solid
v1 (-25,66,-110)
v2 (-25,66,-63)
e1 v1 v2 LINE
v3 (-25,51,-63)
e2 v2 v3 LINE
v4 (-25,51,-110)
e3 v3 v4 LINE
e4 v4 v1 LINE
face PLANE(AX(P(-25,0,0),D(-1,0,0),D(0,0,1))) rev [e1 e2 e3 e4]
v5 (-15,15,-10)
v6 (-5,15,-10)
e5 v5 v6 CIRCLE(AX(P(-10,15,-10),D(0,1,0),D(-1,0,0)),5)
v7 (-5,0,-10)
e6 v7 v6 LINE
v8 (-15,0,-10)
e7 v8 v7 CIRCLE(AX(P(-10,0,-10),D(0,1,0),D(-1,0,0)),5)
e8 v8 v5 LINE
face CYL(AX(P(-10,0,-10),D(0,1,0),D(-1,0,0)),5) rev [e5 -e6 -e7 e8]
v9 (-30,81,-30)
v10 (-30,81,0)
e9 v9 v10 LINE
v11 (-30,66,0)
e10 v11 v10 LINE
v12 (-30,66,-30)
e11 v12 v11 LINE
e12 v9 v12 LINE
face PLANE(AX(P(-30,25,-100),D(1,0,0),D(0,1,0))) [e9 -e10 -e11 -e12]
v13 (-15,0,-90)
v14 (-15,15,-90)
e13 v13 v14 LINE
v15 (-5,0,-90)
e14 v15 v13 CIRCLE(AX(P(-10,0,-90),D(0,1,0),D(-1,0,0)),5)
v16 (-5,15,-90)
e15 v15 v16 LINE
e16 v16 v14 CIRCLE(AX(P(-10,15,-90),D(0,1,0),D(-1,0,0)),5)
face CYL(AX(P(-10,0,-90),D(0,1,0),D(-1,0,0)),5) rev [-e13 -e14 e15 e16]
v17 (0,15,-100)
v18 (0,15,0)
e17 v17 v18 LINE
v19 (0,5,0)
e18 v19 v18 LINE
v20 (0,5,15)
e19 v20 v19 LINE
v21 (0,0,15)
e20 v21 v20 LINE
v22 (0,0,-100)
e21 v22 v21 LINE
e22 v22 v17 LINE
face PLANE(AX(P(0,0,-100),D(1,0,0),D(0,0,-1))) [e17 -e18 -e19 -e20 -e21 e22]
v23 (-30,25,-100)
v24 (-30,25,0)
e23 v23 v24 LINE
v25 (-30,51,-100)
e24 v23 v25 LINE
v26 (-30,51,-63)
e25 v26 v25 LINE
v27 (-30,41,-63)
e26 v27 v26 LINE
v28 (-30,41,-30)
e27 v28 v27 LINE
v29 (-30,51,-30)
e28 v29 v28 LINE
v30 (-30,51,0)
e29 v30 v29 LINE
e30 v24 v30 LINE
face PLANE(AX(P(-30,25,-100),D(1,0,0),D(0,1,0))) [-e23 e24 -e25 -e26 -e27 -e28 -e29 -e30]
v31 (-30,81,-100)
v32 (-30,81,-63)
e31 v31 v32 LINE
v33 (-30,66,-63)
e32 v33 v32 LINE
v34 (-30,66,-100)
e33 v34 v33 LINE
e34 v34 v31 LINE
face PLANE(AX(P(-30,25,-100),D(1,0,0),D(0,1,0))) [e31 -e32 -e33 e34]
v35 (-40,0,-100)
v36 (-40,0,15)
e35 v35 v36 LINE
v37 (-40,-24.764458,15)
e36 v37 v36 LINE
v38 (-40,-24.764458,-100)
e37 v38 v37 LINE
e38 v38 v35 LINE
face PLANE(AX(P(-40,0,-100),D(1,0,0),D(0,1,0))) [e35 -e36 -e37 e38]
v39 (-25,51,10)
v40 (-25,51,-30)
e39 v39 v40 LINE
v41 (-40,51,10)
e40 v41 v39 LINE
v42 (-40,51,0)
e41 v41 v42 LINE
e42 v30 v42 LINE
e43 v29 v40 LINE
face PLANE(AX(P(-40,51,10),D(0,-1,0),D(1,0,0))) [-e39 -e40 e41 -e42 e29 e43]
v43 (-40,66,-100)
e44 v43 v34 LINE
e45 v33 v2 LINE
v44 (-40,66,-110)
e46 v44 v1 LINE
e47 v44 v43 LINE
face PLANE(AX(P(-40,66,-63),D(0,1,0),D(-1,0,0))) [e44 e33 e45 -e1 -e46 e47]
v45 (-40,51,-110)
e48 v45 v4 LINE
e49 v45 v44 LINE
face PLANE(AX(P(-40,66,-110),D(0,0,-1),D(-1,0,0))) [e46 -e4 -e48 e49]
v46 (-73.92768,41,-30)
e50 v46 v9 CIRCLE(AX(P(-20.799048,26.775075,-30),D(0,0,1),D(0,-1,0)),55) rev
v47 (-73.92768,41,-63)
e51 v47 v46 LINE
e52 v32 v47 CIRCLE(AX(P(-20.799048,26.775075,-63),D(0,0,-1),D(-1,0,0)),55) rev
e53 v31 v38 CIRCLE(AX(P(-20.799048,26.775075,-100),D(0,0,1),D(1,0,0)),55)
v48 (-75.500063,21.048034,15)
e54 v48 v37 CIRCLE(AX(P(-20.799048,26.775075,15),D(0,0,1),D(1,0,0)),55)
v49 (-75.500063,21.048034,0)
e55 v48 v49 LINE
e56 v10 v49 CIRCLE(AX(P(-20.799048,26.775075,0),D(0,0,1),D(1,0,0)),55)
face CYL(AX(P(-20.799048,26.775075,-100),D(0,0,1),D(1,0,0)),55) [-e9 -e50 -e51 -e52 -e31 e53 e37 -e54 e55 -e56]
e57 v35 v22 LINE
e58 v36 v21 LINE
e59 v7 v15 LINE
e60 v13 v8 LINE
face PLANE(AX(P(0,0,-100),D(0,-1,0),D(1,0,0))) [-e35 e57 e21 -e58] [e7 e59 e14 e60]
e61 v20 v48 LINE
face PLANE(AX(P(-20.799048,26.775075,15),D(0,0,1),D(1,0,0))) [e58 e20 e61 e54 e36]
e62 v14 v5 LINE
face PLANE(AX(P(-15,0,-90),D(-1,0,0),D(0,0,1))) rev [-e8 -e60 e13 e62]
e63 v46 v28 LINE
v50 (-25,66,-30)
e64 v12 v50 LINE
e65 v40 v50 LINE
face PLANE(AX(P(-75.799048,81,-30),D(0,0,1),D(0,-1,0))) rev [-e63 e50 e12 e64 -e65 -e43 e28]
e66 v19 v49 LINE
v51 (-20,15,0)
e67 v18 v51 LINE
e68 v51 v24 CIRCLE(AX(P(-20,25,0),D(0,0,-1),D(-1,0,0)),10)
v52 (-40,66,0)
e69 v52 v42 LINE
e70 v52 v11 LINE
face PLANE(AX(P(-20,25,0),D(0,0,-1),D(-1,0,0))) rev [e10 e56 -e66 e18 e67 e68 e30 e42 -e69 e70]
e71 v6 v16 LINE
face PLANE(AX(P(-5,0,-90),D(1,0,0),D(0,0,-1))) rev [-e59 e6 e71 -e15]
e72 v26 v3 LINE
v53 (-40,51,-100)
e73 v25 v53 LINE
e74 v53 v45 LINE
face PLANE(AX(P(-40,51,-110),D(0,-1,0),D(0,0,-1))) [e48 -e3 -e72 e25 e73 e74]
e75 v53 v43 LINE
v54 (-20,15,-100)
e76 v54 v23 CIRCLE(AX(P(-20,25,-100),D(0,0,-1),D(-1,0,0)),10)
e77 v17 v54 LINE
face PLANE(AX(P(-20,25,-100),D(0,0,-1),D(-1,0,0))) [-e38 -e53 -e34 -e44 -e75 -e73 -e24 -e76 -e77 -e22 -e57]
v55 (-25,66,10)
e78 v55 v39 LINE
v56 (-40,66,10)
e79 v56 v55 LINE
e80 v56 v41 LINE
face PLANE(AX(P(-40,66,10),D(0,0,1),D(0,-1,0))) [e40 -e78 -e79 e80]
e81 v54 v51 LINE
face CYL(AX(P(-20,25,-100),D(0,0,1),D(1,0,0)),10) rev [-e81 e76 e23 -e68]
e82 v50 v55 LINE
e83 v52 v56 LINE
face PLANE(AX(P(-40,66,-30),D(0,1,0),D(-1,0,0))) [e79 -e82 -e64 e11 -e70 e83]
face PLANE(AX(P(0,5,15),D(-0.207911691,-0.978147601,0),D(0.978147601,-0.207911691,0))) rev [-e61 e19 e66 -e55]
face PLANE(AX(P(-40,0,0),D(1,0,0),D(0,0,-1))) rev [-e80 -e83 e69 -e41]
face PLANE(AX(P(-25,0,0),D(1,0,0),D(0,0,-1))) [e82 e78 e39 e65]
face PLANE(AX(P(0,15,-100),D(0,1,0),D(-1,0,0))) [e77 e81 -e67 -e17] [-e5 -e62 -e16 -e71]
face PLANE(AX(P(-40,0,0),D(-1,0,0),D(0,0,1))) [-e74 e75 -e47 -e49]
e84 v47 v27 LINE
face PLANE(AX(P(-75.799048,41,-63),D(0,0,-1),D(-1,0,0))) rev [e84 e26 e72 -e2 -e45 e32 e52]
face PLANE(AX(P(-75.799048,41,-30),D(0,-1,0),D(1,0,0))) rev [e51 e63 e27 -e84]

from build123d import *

# Parameters (mm, degrees)
BOSS_EXTRUDE1_DEPTH      = 100
BOSS_EXTRUDE2_START      = 15
BOSS_EXTRUDE2_DEPTH      = 15
CUT_EXTRUDE1_DEPTH       = 15
SKETCH4_W                = 33
SKETCH4_H                = 40
CUT_EXTRUDE2_DEPTH       = 137.596313355
BOSS_EXTRUDE3_DEPTH      = 5
BOSS_EXTRUDE3_DEPTH_BACK = 10
SKETCH5_W                = 47
SKETCH5_H                = 15
BOSS_EXTRUDE4_DEPTH      = 5
BOSS_EXTRUDE4_DEPTH_BACK = 10
SKETCH6_W                = 40
SKETCH6_H                = 15


with BuildPart() as part:
    # Sketch1 → Boss-Extrude1 (new body)
    with BuildSketch(Plane.XY):
        with BuildLine():
            Line((0, 0), (-40, 0))
            Line((-40, 0), (-40, -24.764457872))
            ThreePointArc((-40, -24.764457872), (-75.554844009, 31.952220257), (-30, 81))
            Line((-30, 81), (-30, 25))
            ThreePointArc((-30, 25), (-27.071067812, 17.928932188), (-20, 15))
            Line((-20, 15), (0, 15))
            Line((0, 15), (0, 0))
        make_face()
    extrude(amount=-BOSS_EXTRUDE1_DEPTH)

    # Sketch2 → Boss-Extrude2 (add)
    with BuildSketch(Plane.XY.offset(BOSS_EXTRUDE2_START)):
        with BuildLine():
            Line((0, 0), (0, 5))
            Line((0, 5), (-75.500062866, 21.048033769))
            ThreePointArc((-75.500062866, 21.048033769), (-64.273998003, -6.913628491), (-40, -24.764457872))
            Line((-40, -24.764457872), (-40, 0))
            Line((-40, 0), (0, 0))
        make_face()
    extrude(amount=-BOSS_EXTRUDE2_DEPTH)

    # Sketch3 → Cut-Extrude1 (cut)
    with BuildSketch(Plane(origin=(0, 15, 0), x_dir=(1, 0, 0), z_dir=(0, 1, 0))):
        with BuildLine():
            Line((-5, 90), (-5, 10))
            ThreePointArc((-5, 10), (-10, 5), (-15, 10))
            Line((-15, 10), (-15, 90))
            ThreePointArc((-15, 90), (-10, 95), (-5, 90))
        make_face()
    extrude(amount=-CUT_EXTRUDE1_DEPTH, mode=Mode.SUBTRACT)

    # Sketch4 → Cut-Extrude2 (cut, through all)
    with BuildSketch(Plane(origin=(-30, 0, 0), x_dir=(0, 0, -1), z_dir=(1, 0, 0))):
        with Locations((46.5, 61)):
            Rectangle(SKETCH4_W, SKETCH4_H)
    extrude(amount=-CUT_EXTRUDE2_DEPTH, mode=Mode.SUBTRACT)

    # Sketch5 → Boss-Extrude3 (add, two sides: drawn at the far end of the back side and taken through both)
    with BuildSketch(Plane(origin=(-30, 0, 0), x_dir=(0, 0, -1), z_dir=(1, 0, 0)).offset(-BOSS_EXTRUDE3_DEPTH_BACK)):
        with Locations((86.5, 58.5)):
            Rectangle(SKETCH5_W, SKETCH5_H)
    extrude(amount=BOSS_EXTRUDE3_DEPTH + BOSS_EXTRUDE3_DEPTH_BACK)

    # Sketch6 → Boss-Extrude4 (add, two sides: drawn at the far end of the back side and taken through both)
    with BuildSketch(Plane(origin=(-30, 0, 0), x_dir=(0, 0, -1), z_dir=(1, 0, 0)).offset(-BOSS_EXTRUDE4_DEPTH_BACK)):
        with Locations((10, 58.5)):
            Rectangle(SKETCH6_W, SKETCH6_H)
    extrude(amount=BOSS_EXTRUDE4_DEPTH + BOSS_EXTRUDE4_DEPTH_BACK)


solid = part.part
